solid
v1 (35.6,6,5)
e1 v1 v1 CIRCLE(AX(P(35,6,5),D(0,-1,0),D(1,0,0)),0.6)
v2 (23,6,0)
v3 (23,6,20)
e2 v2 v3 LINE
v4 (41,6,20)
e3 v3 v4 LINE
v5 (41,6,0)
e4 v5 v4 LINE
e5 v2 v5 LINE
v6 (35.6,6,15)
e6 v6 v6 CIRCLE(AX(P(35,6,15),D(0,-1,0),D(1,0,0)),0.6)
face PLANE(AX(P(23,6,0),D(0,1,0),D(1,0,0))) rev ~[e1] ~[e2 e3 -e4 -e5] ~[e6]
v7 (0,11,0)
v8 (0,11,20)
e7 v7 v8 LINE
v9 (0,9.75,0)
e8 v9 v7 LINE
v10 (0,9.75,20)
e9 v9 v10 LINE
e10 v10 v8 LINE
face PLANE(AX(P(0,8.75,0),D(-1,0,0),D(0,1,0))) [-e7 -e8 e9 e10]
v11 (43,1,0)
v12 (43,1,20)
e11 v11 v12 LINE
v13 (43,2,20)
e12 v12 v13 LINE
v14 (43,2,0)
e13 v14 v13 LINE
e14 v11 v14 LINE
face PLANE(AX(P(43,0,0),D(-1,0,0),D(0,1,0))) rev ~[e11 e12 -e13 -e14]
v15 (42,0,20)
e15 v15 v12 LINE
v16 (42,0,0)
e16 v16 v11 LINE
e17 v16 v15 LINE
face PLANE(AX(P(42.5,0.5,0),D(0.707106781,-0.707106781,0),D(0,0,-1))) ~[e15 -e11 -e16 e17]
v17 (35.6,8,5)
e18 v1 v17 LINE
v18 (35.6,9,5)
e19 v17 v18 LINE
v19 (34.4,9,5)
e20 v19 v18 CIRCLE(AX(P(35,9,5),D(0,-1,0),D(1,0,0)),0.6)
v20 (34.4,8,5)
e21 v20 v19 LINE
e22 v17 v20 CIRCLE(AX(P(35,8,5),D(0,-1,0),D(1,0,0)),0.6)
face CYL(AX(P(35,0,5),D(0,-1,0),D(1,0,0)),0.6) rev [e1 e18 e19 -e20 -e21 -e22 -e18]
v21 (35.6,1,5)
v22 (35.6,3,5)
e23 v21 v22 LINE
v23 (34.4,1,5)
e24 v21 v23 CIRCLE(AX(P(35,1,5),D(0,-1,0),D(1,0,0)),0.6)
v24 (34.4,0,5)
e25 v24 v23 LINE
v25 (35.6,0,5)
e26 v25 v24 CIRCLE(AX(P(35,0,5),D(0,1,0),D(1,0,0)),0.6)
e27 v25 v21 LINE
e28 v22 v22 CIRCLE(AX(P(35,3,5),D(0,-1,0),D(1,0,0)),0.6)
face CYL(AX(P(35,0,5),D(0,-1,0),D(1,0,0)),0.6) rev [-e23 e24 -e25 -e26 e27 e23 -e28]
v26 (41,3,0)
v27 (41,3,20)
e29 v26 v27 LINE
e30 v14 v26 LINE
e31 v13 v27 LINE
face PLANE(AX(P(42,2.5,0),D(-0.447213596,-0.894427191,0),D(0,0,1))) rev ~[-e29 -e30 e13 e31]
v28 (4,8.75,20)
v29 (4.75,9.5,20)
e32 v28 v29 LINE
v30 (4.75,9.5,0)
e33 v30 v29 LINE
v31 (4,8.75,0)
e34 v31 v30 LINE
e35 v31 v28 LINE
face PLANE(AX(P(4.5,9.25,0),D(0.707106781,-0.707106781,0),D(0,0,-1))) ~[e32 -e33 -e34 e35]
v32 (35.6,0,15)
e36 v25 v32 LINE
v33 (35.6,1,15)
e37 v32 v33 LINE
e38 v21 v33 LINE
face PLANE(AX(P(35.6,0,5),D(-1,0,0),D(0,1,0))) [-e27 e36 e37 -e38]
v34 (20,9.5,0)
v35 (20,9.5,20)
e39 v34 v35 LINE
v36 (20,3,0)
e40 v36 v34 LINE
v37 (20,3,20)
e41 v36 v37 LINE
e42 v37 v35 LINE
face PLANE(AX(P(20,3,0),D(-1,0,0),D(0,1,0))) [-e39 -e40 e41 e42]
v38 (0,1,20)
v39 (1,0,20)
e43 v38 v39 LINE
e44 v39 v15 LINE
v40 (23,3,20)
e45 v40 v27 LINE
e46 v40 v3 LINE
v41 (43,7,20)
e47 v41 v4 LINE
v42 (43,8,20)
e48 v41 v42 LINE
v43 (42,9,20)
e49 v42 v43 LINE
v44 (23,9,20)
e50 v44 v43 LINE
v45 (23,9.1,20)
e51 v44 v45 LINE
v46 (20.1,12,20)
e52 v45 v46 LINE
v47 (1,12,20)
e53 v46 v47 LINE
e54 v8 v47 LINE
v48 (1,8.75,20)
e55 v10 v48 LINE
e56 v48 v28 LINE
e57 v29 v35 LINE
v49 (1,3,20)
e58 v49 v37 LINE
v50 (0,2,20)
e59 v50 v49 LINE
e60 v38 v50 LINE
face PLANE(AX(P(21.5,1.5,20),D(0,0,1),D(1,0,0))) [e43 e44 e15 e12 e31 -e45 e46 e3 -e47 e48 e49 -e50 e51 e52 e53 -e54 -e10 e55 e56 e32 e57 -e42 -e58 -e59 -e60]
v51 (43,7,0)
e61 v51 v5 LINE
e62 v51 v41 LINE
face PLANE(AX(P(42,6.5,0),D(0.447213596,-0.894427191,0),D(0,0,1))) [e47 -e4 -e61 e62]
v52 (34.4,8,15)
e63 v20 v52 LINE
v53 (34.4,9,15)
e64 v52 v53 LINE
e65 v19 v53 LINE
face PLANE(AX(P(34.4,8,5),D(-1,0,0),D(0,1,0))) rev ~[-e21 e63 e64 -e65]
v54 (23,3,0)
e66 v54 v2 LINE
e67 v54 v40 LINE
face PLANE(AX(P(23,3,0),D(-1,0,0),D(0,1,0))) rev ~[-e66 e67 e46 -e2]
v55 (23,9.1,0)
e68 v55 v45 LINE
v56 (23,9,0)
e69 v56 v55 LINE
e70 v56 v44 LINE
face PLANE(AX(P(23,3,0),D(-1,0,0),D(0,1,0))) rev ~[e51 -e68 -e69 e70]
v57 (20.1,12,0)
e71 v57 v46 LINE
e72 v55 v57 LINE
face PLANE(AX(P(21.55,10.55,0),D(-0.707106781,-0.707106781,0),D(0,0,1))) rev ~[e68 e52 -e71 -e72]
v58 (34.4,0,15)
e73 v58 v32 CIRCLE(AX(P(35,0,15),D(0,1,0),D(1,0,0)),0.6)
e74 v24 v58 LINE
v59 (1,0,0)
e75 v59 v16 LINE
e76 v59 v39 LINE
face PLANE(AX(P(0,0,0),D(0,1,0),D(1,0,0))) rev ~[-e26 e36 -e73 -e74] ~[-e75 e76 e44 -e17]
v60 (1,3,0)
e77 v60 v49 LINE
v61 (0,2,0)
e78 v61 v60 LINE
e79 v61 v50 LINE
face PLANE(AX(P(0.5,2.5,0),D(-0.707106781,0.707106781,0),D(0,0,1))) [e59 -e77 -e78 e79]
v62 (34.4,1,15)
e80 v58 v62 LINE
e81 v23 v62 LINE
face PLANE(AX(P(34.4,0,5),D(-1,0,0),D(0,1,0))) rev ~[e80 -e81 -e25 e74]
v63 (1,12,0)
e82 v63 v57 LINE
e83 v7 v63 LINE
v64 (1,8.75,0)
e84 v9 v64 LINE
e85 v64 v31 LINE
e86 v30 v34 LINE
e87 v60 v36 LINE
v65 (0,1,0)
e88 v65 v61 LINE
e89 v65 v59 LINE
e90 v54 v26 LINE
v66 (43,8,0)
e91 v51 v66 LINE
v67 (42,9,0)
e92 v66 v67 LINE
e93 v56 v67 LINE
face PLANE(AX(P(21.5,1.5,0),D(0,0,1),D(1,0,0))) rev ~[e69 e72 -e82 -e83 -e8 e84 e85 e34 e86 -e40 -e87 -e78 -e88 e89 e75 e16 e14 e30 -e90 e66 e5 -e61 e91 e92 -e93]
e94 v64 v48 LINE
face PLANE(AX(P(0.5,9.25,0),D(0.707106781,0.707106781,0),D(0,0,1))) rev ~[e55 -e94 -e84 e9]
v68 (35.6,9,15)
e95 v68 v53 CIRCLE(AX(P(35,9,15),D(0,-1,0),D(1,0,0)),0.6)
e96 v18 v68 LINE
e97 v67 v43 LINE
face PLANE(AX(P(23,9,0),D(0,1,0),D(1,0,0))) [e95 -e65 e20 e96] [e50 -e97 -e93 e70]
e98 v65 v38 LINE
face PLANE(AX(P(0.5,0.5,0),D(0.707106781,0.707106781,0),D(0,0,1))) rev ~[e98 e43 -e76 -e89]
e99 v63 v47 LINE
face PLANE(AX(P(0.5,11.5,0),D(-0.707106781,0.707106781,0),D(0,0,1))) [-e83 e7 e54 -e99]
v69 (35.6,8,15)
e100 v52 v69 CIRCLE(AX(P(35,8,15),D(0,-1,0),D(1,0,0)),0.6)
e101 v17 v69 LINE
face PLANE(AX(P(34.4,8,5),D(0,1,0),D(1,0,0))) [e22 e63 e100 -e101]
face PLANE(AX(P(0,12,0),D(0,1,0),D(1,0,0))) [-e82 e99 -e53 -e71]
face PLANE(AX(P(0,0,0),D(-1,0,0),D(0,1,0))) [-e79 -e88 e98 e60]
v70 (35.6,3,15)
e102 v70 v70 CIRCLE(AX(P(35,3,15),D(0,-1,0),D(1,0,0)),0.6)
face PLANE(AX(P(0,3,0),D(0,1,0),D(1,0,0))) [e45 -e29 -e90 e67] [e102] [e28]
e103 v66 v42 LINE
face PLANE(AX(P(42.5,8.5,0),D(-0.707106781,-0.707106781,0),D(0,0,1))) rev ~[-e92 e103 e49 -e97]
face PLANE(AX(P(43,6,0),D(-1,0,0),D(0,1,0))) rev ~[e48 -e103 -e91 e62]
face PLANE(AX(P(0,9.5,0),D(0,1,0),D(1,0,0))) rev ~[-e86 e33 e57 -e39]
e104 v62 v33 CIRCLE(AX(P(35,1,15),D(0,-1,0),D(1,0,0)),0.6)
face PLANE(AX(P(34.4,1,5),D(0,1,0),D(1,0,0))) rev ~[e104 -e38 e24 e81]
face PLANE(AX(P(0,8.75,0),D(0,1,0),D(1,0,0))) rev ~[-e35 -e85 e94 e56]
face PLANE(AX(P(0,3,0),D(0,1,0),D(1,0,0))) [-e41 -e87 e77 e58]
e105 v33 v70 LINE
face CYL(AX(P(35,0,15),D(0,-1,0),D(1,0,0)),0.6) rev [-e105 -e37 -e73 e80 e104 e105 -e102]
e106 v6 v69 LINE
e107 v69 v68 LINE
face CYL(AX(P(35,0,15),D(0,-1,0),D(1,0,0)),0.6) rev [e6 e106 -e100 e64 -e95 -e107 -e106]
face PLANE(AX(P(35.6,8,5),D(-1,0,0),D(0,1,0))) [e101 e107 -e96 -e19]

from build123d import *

# Parameters (mm, degrees)
BOX051028_W               = 1.2
BOX051028_H               = 1
BOX051028_DEPTH           = 10
CYLINDER036_R             = 0.6
CYLINDER036_DEPTH         = 10
BOX051029_W               = 1.2
BOX051029_H               = 1
BOX051029_DEPTH           = 10
CYLINDER035_R             = 0.6
CYLINDER035_DEPTH         = 10
BOX051024_W               = 20
BOX051024_H               = 2.5
BOX051024_DEPTH           = 20
CHAMFER034005002019_SIZE  = 1
CHAMFER034005002022_SIZE  = 1
BOX051027_W               = 5
BOX051027_H               = 3.25
BOX051027_DEPTH           = 20
CHAMFER034005002018_SIZE  = 1
CHAMFER034005002021_SIZE  = 1
CHAMFER034005002023_SIZE  = 1
BOX051023_W               = 43
BOX051023_H               = 3
BOX051023_DEPTH           = 20
CHAMFER034005002020_SIZE  = 1
CHAMFER034005002024_SIZE  = 1
CHAMFER034005002027_SIZE2 = 2
CHAMFER034005002027_SIZE  = 1
BOX051025_W               = 20
BOX051025_H               = 3
BOX051025_DEPTH           = 20
CHAMFER034005002025_SIZE  = 1
CHAMFER034005002026_SIZE2 = 2
CHAMFER034005002026_SIZE  = 1
BOX051026_W               = 3
BOX051026_H               = 9
BOX051026_DEPTH           = 20
CHAMFER034005002017_SIZE  = 2.9


with BuildPart() as cube085:
    # Box051028 → Box051028 (new body)
    with BuildSketch(Plane(origin=(34.4, 0, 5), x_dir=(1, 0, 0), z_dir=(0, 0, 1))):
        with Locations((0.6, 0.5)):
            Rectangle(BOX051028_W, BOX051028_H)
    extrude(amount=BOX051028_DEPTH)


with BuildPart() as cylinder036:
    # Cylinder036 → Cylinder036 (new body)
    with BuildSketch(Plane(origin=(35, 0, 15), x_dir=(1, 0, 0), z_dir=(0, 1, 0))):
        Circle(CYLINDER036_R)
    extrude(amount=CYLINDER036_DEPTH)


with BuildPart() as cube086:
    # Box051029 → Box051029 (new body)
    with BuildSketch(Plane(origin=(34.4, 8, 5), x_dir=(1, 0, 0), z_dir=(0, 0, 1))):
        with Locations((0.6, 0.5)):
            Rectangle(BOX051029_W, BOX051029_H)
    extrude(amount=BOX051029_DEPTH)


with BuildPart() as fusion021005009010:
    # Cylinder035 → Cylinder035 (new body)
    with BuildSketch(Plane(origin=(35, 0, 5), x_dir=(1, 0, 0), z_dir=(0, 1, 0))):
        Circle(CYLINDER035_R)
    extrude(amount=CYLINDER035_DEPTH)

    # Fusion021005009010: union Cube085, Cylinder036, Cube086
    add(cube085.part)
    add(cylinder036.part)
    add(cube086.part)


with BuildPart() as chamfer034005002022:
    # Box051024 → Box051024 (new body)
    with BuildSketch(Plane(origin=(0, 9.5, 0), x_dir=(1, 0, 0), z_dir=(0, 0, 1))):
        with Locations((10, 1.25)):
            Rectangle(BOX051024_W, BOX051024_H)
    extrude(amount=BOX051024_DEPTH)

    # Chamfer034005002019
    chamfer034005002019_edges = [chamfer034005002022.edges().sort_by_distance(p)[0] for p in [
        (0, 9.5, 10),
    ]]
    chamfer(chamfer034005002019_edges, length=CHAMFER034005002019_SIZE)

    # Chamfer034005002022
    chamfer034005002022_edges = [chamfer034005002022.edges().sort_by_distance(p)[0] for p in [
        (0, 12, 10),
    ]]
    chamfer(chamfer034005002022_edges, length=CHAMFER034005002022_SIZE)


with BuildPart() as chamfer034005002023:
    # Box051027 → Box051027 (new body)
    with BuildSketch(Plane(origin=(0, 8.75, 0), x_dir=(1, 0, 0), z_dir=(0, 0, 1))):
        with Locations((2.5, 1.625)):
            Rectangle(BOX051027_W, BOX051027_H)
    extrude(amount=BOX051027_DEPTH)

    # Chamfer034005002018
    chamfer034005002018_edges = [chamfer034005002023.edges().sort_by_distance(p)[0] for p in [
        (0, 8.75, 10),
    ]]
    chamfer(chamfer034005002018_edges, length=CHAMFER034005002018_SIZE)

    # Chamfer034005002021
    chamfer034005002021_edges = [chamfer034005002023.edges().sort_by_distance(p)[0] for p in [
        (0, 12, 10),
    ]]
    chamfer(chamfer034005002021_edges, length=CHAMFER034005002021_SIZE)

    # Chamfer034005002023
    chamfer034005002023_edges = [chamfer034005002023.edges().sort_by_distance(p)[0] for p in [
        (5, 8.75, 10),
    ]]
    chamfer(chamfer034005002023_edges, length=CHAMFER034005002023_SIZE)


with BuildPart() as chamfer034005002027:
    # Box051023 → Box051023 (new body)
    with BuildSketch(Plane.XY):
        with Locations((21.5, 1.5)):
            Rectangle(BOX051023_W, BOX051023_H)
    extrude(amount=BOX051023_DEPTH)

    # Chamfer034005002020
    chamfer034005002020_edges = [chamfer034005002027.edges().sort_by_distance(p)[0] for p in [
        (0, 0, 10),
        (0, 3, 10),
    ]]
    chamfer(chamfer034005002020_edges, length=CHAMFER034005002020_SIZE)

    # Chamfer034005002024
    chamfer034005002024_edges = [chamfer034005002027.edges().sort_by_distance(p)[0] for p in [
        (43, 0, 10),
    ]]
    chamfer(chamfer034005002024_edges, length=CHAMFER034005002024_SIZE)

    # Chamfer034005002027
    chamfer034005002027_edges = [chamfer034005002027.edges().sort_by_distance(p)[0] for p in [
        (43, 3, 10),
    ]]
    chamfer034005002027_side = chamfer034005002027.faces().sort_by_distance((43, 2, 10))[0]
    chamfer(chamfer034005002027_edges, length=CHAMFER034005002027_SIZE, length2=CHAMFER034005002027_SIZE2, reference=chamfer034005002027_side)


with BuildPart() as chamfer034005002026:
    # Box051025 → Box051025 (new body)
    with BuildSketch(Plane(origin=(23, 6, 0), x_dir=(1, 0, 0), z_dir=(0, 0, 1))):
        with Locations((10, 1.5)):
            Rectangle(BOX051025_W, BOX051025_H)
    extrude(amount=BOX051025_DEPTH)

    # Chamfer034005002025
    chamfer034005002025_edges = [chamfer034005002026.edges().sort_by_distance(p)[0] for p in [
        (43, 9, 10),
    ]]
    chamfer(chamfer034005002025_edges, length=CHAMFER034005002025_SIZE)

    # Chamfer034005002026
    chamfer034005002026_edges = [chamfer034005002026.edges().sort_by_distance(p)[0] for p in [
        (43, 6, 10),
    ]]
    chamfer034005002026_side = chamfer034005002026.faces().sort_by_distance((43, 7, 10))[0]
    chamfer(chamfer034005002026_edges, length=CHAMFER034005002026_SIZE, length2=CHAMFER034005002026_SIZE2, reference=chamfer034005002026_side)


with BuildPart() as cut018011002007:
    # Box051026 → Box051026 (new body)
    with BuildSketch(Plane(origin=(20, 3, 0), x_dir=(1, 0, 0), z_dir=(0, 0, 1))):
        with Locations((1.5, 4.5)):
            Rectangle(BOX051026_W, BOX051026_H)
    extrude(amount=BOX051026_DEPTH)

    # Chamfer034005002017
    chamfer034005002017_edges = [cut018011002007.edges().sort_by_distance(p)[0] for p in [
        (23, 12, 10),
    ]]
    chamfer(chamfer034005002017_edges, length=CHAMFER034005002017_SIZE)

    # Fusion021005009009: union Chamfer034005002022, Chamfer034005002023, Chamfer034005002027, Chamfer034005002026
    add(chamfer034005002022.part)
    add(chamfer034005002023.part)
    add(chamfer034005002027.part)
    add(chamfer034005002026.part)

    # Cut018011002007: cut Fusion021005009010
    add(fusion021005009010.part, mode=Mode.SUBTRACT)


solid = cut018011002007.part
